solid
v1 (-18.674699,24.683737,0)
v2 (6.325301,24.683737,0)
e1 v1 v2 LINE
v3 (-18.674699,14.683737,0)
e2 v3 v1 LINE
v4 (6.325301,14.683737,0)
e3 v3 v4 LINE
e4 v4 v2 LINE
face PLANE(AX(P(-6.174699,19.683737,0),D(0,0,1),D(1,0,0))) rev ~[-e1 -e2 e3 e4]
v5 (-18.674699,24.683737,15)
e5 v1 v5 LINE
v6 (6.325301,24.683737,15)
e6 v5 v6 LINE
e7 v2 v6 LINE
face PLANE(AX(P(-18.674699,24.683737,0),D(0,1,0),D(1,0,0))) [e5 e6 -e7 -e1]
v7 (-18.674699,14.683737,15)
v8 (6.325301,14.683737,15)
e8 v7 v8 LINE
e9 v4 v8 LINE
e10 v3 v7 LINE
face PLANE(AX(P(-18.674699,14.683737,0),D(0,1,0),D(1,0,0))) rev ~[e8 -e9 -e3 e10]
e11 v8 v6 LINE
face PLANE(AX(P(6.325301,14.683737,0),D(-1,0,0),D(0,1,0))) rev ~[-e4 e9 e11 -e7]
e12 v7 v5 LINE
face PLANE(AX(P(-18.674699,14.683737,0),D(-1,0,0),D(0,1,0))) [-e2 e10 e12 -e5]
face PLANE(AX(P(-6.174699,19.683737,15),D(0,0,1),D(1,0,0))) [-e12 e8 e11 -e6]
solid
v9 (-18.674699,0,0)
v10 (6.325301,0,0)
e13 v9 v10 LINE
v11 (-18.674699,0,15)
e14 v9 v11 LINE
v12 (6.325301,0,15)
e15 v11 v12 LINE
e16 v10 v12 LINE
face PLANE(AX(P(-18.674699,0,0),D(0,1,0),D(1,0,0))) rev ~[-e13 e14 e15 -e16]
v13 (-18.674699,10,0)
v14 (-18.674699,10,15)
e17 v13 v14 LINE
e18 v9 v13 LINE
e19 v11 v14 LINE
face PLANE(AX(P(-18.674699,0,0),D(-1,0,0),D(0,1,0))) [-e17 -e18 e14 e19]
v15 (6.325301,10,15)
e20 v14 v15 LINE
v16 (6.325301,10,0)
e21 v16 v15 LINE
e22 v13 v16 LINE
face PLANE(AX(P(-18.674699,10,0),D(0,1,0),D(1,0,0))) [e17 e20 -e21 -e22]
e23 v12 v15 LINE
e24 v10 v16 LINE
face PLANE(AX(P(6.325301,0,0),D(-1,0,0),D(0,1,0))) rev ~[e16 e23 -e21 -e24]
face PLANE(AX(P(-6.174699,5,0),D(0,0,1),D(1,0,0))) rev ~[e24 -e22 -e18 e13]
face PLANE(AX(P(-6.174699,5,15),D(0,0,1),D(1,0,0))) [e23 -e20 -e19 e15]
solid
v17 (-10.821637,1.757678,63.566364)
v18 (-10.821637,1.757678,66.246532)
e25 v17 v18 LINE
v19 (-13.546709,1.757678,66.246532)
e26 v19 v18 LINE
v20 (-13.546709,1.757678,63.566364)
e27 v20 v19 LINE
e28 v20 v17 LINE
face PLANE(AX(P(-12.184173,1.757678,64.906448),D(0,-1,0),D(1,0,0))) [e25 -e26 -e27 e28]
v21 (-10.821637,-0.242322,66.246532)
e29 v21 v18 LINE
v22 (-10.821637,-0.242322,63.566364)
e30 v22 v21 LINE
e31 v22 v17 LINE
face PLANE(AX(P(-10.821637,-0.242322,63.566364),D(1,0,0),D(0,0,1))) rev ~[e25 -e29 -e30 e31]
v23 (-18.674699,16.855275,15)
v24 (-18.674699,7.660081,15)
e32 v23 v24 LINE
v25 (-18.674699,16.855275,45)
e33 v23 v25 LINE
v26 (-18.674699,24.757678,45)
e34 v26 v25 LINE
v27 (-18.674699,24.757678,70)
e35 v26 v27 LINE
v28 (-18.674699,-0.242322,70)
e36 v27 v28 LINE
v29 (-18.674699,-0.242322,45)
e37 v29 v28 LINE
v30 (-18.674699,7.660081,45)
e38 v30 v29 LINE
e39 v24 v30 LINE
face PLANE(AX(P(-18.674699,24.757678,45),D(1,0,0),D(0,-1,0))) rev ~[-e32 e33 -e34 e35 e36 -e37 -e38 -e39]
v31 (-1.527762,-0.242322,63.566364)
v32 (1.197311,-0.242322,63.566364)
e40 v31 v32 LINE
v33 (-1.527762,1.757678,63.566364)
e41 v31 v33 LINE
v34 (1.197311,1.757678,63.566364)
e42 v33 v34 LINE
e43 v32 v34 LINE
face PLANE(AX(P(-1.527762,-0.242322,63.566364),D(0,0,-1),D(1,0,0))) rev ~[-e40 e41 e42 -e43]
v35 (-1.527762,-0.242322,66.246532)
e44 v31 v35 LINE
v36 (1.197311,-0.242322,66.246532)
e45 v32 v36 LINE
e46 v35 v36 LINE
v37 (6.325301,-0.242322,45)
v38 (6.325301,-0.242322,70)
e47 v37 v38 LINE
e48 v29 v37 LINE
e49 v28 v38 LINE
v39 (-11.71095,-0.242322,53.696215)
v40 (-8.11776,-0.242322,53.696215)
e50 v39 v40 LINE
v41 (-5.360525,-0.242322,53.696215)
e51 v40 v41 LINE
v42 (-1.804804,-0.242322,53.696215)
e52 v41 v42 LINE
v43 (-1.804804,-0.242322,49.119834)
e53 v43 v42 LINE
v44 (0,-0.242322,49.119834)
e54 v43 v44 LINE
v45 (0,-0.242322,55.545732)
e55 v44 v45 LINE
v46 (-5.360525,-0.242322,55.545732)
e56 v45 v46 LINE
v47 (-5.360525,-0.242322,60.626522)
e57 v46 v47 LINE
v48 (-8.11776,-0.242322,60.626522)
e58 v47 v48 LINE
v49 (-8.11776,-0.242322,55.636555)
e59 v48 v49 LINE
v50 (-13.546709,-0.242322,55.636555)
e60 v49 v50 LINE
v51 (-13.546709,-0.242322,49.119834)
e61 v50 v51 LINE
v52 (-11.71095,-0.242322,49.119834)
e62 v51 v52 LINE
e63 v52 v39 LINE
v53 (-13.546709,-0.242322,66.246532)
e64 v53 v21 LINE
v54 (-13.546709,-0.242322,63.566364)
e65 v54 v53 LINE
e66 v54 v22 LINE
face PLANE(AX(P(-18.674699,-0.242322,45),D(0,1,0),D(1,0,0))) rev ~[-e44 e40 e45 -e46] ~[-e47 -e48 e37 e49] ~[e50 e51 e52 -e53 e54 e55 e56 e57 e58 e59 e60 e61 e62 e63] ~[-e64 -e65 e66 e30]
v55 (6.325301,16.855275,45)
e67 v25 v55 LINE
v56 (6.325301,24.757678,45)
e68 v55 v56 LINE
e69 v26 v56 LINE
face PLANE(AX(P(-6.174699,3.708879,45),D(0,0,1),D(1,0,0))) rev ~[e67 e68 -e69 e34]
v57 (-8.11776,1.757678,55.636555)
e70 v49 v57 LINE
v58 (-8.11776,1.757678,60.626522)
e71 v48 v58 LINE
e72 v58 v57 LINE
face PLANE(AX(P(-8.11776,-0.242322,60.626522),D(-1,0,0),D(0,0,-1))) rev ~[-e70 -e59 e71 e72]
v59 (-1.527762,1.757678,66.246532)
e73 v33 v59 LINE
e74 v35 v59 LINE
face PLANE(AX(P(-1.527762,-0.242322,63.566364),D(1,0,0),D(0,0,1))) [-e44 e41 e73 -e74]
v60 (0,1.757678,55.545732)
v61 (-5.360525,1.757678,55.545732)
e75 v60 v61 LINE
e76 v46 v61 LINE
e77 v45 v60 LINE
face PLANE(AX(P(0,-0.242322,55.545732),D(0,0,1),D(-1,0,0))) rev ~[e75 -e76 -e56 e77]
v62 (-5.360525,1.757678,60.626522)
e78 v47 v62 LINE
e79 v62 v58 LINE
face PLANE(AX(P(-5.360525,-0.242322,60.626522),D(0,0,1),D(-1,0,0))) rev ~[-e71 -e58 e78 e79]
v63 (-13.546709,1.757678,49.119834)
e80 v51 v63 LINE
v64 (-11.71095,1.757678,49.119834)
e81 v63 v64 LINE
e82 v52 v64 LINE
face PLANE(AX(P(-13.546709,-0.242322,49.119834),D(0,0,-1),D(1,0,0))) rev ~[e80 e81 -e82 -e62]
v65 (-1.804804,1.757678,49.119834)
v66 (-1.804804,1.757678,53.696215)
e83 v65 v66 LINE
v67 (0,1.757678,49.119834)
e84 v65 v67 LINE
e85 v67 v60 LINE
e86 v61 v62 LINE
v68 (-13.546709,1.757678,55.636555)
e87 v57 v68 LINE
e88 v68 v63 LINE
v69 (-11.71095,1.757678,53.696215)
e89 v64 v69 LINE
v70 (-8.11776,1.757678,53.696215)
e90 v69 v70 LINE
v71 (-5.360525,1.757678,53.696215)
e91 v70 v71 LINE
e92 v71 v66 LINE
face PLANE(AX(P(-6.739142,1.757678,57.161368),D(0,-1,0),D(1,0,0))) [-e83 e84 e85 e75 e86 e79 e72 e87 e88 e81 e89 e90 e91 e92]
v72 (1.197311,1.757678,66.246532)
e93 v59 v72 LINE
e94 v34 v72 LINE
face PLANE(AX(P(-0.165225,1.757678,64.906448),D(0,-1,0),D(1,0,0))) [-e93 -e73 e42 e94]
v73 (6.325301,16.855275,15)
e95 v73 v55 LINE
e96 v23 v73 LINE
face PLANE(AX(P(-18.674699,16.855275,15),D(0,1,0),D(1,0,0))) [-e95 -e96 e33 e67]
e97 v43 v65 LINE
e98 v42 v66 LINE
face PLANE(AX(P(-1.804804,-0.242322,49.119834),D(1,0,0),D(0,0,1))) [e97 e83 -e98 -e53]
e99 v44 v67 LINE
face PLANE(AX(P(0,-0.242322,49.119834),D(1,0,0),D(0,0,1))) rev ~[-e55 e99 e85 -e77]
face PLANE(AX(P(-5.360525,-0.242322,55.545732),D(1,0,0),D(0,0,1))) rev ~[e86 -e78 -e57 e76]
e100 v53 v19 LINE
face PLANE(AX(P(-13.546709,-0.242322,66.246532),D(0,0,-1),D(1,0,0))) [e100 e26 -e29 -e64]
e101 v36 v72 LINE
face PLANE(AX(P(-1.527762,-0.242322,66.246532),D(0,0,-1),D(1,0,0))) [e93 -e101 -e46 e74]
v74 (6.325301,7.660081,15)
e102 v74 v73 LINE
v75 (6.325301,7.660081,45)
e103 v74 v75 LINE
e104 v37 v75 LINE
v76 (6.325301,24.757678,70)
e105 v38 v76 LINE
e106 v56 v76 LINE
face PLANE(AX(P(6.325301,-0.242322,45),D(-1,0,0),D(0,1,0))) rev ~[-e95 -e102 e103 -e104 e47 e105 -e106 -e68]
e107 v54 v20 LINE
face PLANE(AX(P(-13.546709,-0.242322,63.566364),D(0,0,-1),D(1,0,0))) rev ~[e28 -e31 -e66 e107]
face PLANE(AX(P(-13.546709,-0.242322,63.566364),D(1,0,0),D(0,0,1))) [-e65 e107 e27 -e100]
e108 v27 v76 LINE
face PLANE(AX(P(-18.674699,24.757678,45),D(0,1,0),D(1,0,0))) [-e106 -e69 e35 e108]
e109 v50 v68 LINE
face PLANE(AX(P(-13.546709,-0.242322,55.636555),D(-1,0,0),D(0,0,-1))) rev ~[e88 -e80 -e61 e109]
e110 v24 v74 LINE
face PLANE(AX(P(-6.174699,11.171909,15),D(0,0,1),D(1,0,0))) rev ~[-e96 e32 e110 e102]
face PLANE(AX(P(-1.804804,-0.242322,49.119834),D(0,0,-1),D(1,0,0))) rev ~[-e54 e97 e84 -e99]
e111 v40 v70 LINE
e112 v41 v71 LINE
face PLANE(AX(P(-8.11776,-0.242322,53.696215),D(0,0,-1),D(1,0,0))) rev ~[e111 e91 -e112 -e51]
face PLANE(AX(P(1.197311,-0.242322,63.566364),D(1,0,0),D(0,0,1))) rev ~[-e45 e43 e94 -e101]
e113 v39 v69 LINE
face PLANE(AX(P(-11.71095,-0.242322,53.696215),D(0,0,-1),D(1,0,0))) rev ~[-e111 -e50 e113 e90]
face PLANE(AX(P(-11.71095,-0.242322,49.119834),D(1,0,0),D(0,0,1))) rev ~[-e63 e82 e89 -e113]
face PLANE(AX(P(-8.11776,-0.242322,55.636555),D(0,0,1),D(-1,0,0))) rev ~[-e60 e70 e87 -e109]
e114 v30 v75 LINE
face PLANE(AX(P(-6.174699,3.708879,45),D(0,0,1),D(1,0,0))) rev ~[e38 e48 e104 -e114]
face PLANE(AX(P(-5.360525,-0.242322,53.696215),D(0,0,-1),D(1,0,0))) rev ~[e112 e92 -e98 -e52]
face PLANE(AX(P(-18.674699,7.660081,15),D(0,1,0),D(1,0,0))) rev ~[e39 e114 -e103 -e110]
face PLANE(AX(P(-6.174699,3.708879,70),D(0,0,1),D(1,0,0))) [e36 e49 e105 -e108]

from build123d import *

# Parameters (mm, degrees)
F0_W     = 25
F0_H     = 10
F1_DEPTH = 15
F2_W     = 25
F2_H     = 7.0236558931
F2_H_2   = 2.1715385774
F3_DEPTH = 30
F4_W     = 25
F4_H     = 7.9024027648
F4_H_2   = 9.1951944705
F5_DEPTH = 25
F6_W     = 2.7250722051
F6_H     = 2.6801675558
F6_W_2   = 3.5557212541
F6_H_2   = 1.8495172262
F6_W_3   = 1.8048038473
F6_H_3   = 4.5763812959
F6_W_4   = 3.5931905732
F6_H_4   = 1.9403398037
F6_W_5   = 1.8357587978
F7_DEPTH = 2


with BuildPart() as f1:
    # F0 (on Top) → F1 (new body)
    with BuildSketch(Plane.XY):
        with Locations((-6.1746991399, 19.6837366811)):
            Rectangle(F0_W, F0_H)
    extrude(amount=F1_DEPTH)


with BuildPart() as f1b:
    # F0 (on Top) → F1, piece 2 (new body)
    with BuildSketch(Plane.XY):
        with Locations((-6.1746991399, 5)):
            Rectangle(F0_W, F0_H)
    extrude(amount=F1_DEPTH)


with BuildPart() as f3:
    # F2 (on face) → F3 (new body)
    with BuildSketch(Plane.XY.offset(15)):
        with Locations((-6.1746991399, 11.1719087345)):
            Rectangle(F2_W, F2_H)
        with Locations((-6.1746991399, 15.7695059697)):
            Rectangle(F2_W, F2_H_2)
    extrude(amount=F3_DEPTH)

    # F4 (on face) → F5 (join)
    with BuildSketch(Plane.XY.offset(45)):
        with Locations((-6.1746991399, 3.7088794056)):
            Rectangle(F4_W, F4_H)
        with Locations((-6.1746991399, 12.2576780232)):
            Rectangle(F4_W, F4_H_2)
        with Locations((-6.1746991399, 20.8064766408)):
            Rectangle(F4_W, F4_H)
    extrude(amount=F5_DEPTH)

    # F6 (on face) → F7 (cut)
    with BuildSketch(Plane.XZ.offset(0.2423219768)):
        with Locations((-12.1841728687, 64.9064481258)):
            Rectangle(F6_W, F6_H)
        with Locations((-0.1652254111, 64.9064481258)):
            Rectangle(F6_W, F6_H)
        Polygon((-5.3605251014, 60.6265217066), (-8.1177596003, 60.6265217066), (-8.1177596003, 55.6365549564), (-8.1177596003, 53.6962151527), (-5.3605251014, 53.6962151527), (-5.3605251014, 55.545732379), align=None)
        with Locations((-3.5826644744, 54.6209737659)):
            Rectangle(F6_W_2, F6_H_2)
        with Locations((-0.9024019237, 54.6209737659)):
            Rectangle(F6_W_3, F6_H_2)
        with Locations((-0.9024019237, 51.4080245048)):
            Rectangle(F6_W_3, F6_H_3)
        with Locations((-9.9143548869, 54.6663850546)):
            Rectangle(F6_W_4, F6_H_4)
        with Locations((-12.6288295723, 54.6663850546)):
            Rectangle(F6_W_5, F6_H_4)
        with Locations((-12.6288295723, 51.4080245048)):
            Rectangle(F6_W_5, F6_H_3)
    extrude(amount=-F7_DEPTH, mode=Mode.SUBTRACT)


solid = Compound([f1.part, f1b.part, f3.part])
